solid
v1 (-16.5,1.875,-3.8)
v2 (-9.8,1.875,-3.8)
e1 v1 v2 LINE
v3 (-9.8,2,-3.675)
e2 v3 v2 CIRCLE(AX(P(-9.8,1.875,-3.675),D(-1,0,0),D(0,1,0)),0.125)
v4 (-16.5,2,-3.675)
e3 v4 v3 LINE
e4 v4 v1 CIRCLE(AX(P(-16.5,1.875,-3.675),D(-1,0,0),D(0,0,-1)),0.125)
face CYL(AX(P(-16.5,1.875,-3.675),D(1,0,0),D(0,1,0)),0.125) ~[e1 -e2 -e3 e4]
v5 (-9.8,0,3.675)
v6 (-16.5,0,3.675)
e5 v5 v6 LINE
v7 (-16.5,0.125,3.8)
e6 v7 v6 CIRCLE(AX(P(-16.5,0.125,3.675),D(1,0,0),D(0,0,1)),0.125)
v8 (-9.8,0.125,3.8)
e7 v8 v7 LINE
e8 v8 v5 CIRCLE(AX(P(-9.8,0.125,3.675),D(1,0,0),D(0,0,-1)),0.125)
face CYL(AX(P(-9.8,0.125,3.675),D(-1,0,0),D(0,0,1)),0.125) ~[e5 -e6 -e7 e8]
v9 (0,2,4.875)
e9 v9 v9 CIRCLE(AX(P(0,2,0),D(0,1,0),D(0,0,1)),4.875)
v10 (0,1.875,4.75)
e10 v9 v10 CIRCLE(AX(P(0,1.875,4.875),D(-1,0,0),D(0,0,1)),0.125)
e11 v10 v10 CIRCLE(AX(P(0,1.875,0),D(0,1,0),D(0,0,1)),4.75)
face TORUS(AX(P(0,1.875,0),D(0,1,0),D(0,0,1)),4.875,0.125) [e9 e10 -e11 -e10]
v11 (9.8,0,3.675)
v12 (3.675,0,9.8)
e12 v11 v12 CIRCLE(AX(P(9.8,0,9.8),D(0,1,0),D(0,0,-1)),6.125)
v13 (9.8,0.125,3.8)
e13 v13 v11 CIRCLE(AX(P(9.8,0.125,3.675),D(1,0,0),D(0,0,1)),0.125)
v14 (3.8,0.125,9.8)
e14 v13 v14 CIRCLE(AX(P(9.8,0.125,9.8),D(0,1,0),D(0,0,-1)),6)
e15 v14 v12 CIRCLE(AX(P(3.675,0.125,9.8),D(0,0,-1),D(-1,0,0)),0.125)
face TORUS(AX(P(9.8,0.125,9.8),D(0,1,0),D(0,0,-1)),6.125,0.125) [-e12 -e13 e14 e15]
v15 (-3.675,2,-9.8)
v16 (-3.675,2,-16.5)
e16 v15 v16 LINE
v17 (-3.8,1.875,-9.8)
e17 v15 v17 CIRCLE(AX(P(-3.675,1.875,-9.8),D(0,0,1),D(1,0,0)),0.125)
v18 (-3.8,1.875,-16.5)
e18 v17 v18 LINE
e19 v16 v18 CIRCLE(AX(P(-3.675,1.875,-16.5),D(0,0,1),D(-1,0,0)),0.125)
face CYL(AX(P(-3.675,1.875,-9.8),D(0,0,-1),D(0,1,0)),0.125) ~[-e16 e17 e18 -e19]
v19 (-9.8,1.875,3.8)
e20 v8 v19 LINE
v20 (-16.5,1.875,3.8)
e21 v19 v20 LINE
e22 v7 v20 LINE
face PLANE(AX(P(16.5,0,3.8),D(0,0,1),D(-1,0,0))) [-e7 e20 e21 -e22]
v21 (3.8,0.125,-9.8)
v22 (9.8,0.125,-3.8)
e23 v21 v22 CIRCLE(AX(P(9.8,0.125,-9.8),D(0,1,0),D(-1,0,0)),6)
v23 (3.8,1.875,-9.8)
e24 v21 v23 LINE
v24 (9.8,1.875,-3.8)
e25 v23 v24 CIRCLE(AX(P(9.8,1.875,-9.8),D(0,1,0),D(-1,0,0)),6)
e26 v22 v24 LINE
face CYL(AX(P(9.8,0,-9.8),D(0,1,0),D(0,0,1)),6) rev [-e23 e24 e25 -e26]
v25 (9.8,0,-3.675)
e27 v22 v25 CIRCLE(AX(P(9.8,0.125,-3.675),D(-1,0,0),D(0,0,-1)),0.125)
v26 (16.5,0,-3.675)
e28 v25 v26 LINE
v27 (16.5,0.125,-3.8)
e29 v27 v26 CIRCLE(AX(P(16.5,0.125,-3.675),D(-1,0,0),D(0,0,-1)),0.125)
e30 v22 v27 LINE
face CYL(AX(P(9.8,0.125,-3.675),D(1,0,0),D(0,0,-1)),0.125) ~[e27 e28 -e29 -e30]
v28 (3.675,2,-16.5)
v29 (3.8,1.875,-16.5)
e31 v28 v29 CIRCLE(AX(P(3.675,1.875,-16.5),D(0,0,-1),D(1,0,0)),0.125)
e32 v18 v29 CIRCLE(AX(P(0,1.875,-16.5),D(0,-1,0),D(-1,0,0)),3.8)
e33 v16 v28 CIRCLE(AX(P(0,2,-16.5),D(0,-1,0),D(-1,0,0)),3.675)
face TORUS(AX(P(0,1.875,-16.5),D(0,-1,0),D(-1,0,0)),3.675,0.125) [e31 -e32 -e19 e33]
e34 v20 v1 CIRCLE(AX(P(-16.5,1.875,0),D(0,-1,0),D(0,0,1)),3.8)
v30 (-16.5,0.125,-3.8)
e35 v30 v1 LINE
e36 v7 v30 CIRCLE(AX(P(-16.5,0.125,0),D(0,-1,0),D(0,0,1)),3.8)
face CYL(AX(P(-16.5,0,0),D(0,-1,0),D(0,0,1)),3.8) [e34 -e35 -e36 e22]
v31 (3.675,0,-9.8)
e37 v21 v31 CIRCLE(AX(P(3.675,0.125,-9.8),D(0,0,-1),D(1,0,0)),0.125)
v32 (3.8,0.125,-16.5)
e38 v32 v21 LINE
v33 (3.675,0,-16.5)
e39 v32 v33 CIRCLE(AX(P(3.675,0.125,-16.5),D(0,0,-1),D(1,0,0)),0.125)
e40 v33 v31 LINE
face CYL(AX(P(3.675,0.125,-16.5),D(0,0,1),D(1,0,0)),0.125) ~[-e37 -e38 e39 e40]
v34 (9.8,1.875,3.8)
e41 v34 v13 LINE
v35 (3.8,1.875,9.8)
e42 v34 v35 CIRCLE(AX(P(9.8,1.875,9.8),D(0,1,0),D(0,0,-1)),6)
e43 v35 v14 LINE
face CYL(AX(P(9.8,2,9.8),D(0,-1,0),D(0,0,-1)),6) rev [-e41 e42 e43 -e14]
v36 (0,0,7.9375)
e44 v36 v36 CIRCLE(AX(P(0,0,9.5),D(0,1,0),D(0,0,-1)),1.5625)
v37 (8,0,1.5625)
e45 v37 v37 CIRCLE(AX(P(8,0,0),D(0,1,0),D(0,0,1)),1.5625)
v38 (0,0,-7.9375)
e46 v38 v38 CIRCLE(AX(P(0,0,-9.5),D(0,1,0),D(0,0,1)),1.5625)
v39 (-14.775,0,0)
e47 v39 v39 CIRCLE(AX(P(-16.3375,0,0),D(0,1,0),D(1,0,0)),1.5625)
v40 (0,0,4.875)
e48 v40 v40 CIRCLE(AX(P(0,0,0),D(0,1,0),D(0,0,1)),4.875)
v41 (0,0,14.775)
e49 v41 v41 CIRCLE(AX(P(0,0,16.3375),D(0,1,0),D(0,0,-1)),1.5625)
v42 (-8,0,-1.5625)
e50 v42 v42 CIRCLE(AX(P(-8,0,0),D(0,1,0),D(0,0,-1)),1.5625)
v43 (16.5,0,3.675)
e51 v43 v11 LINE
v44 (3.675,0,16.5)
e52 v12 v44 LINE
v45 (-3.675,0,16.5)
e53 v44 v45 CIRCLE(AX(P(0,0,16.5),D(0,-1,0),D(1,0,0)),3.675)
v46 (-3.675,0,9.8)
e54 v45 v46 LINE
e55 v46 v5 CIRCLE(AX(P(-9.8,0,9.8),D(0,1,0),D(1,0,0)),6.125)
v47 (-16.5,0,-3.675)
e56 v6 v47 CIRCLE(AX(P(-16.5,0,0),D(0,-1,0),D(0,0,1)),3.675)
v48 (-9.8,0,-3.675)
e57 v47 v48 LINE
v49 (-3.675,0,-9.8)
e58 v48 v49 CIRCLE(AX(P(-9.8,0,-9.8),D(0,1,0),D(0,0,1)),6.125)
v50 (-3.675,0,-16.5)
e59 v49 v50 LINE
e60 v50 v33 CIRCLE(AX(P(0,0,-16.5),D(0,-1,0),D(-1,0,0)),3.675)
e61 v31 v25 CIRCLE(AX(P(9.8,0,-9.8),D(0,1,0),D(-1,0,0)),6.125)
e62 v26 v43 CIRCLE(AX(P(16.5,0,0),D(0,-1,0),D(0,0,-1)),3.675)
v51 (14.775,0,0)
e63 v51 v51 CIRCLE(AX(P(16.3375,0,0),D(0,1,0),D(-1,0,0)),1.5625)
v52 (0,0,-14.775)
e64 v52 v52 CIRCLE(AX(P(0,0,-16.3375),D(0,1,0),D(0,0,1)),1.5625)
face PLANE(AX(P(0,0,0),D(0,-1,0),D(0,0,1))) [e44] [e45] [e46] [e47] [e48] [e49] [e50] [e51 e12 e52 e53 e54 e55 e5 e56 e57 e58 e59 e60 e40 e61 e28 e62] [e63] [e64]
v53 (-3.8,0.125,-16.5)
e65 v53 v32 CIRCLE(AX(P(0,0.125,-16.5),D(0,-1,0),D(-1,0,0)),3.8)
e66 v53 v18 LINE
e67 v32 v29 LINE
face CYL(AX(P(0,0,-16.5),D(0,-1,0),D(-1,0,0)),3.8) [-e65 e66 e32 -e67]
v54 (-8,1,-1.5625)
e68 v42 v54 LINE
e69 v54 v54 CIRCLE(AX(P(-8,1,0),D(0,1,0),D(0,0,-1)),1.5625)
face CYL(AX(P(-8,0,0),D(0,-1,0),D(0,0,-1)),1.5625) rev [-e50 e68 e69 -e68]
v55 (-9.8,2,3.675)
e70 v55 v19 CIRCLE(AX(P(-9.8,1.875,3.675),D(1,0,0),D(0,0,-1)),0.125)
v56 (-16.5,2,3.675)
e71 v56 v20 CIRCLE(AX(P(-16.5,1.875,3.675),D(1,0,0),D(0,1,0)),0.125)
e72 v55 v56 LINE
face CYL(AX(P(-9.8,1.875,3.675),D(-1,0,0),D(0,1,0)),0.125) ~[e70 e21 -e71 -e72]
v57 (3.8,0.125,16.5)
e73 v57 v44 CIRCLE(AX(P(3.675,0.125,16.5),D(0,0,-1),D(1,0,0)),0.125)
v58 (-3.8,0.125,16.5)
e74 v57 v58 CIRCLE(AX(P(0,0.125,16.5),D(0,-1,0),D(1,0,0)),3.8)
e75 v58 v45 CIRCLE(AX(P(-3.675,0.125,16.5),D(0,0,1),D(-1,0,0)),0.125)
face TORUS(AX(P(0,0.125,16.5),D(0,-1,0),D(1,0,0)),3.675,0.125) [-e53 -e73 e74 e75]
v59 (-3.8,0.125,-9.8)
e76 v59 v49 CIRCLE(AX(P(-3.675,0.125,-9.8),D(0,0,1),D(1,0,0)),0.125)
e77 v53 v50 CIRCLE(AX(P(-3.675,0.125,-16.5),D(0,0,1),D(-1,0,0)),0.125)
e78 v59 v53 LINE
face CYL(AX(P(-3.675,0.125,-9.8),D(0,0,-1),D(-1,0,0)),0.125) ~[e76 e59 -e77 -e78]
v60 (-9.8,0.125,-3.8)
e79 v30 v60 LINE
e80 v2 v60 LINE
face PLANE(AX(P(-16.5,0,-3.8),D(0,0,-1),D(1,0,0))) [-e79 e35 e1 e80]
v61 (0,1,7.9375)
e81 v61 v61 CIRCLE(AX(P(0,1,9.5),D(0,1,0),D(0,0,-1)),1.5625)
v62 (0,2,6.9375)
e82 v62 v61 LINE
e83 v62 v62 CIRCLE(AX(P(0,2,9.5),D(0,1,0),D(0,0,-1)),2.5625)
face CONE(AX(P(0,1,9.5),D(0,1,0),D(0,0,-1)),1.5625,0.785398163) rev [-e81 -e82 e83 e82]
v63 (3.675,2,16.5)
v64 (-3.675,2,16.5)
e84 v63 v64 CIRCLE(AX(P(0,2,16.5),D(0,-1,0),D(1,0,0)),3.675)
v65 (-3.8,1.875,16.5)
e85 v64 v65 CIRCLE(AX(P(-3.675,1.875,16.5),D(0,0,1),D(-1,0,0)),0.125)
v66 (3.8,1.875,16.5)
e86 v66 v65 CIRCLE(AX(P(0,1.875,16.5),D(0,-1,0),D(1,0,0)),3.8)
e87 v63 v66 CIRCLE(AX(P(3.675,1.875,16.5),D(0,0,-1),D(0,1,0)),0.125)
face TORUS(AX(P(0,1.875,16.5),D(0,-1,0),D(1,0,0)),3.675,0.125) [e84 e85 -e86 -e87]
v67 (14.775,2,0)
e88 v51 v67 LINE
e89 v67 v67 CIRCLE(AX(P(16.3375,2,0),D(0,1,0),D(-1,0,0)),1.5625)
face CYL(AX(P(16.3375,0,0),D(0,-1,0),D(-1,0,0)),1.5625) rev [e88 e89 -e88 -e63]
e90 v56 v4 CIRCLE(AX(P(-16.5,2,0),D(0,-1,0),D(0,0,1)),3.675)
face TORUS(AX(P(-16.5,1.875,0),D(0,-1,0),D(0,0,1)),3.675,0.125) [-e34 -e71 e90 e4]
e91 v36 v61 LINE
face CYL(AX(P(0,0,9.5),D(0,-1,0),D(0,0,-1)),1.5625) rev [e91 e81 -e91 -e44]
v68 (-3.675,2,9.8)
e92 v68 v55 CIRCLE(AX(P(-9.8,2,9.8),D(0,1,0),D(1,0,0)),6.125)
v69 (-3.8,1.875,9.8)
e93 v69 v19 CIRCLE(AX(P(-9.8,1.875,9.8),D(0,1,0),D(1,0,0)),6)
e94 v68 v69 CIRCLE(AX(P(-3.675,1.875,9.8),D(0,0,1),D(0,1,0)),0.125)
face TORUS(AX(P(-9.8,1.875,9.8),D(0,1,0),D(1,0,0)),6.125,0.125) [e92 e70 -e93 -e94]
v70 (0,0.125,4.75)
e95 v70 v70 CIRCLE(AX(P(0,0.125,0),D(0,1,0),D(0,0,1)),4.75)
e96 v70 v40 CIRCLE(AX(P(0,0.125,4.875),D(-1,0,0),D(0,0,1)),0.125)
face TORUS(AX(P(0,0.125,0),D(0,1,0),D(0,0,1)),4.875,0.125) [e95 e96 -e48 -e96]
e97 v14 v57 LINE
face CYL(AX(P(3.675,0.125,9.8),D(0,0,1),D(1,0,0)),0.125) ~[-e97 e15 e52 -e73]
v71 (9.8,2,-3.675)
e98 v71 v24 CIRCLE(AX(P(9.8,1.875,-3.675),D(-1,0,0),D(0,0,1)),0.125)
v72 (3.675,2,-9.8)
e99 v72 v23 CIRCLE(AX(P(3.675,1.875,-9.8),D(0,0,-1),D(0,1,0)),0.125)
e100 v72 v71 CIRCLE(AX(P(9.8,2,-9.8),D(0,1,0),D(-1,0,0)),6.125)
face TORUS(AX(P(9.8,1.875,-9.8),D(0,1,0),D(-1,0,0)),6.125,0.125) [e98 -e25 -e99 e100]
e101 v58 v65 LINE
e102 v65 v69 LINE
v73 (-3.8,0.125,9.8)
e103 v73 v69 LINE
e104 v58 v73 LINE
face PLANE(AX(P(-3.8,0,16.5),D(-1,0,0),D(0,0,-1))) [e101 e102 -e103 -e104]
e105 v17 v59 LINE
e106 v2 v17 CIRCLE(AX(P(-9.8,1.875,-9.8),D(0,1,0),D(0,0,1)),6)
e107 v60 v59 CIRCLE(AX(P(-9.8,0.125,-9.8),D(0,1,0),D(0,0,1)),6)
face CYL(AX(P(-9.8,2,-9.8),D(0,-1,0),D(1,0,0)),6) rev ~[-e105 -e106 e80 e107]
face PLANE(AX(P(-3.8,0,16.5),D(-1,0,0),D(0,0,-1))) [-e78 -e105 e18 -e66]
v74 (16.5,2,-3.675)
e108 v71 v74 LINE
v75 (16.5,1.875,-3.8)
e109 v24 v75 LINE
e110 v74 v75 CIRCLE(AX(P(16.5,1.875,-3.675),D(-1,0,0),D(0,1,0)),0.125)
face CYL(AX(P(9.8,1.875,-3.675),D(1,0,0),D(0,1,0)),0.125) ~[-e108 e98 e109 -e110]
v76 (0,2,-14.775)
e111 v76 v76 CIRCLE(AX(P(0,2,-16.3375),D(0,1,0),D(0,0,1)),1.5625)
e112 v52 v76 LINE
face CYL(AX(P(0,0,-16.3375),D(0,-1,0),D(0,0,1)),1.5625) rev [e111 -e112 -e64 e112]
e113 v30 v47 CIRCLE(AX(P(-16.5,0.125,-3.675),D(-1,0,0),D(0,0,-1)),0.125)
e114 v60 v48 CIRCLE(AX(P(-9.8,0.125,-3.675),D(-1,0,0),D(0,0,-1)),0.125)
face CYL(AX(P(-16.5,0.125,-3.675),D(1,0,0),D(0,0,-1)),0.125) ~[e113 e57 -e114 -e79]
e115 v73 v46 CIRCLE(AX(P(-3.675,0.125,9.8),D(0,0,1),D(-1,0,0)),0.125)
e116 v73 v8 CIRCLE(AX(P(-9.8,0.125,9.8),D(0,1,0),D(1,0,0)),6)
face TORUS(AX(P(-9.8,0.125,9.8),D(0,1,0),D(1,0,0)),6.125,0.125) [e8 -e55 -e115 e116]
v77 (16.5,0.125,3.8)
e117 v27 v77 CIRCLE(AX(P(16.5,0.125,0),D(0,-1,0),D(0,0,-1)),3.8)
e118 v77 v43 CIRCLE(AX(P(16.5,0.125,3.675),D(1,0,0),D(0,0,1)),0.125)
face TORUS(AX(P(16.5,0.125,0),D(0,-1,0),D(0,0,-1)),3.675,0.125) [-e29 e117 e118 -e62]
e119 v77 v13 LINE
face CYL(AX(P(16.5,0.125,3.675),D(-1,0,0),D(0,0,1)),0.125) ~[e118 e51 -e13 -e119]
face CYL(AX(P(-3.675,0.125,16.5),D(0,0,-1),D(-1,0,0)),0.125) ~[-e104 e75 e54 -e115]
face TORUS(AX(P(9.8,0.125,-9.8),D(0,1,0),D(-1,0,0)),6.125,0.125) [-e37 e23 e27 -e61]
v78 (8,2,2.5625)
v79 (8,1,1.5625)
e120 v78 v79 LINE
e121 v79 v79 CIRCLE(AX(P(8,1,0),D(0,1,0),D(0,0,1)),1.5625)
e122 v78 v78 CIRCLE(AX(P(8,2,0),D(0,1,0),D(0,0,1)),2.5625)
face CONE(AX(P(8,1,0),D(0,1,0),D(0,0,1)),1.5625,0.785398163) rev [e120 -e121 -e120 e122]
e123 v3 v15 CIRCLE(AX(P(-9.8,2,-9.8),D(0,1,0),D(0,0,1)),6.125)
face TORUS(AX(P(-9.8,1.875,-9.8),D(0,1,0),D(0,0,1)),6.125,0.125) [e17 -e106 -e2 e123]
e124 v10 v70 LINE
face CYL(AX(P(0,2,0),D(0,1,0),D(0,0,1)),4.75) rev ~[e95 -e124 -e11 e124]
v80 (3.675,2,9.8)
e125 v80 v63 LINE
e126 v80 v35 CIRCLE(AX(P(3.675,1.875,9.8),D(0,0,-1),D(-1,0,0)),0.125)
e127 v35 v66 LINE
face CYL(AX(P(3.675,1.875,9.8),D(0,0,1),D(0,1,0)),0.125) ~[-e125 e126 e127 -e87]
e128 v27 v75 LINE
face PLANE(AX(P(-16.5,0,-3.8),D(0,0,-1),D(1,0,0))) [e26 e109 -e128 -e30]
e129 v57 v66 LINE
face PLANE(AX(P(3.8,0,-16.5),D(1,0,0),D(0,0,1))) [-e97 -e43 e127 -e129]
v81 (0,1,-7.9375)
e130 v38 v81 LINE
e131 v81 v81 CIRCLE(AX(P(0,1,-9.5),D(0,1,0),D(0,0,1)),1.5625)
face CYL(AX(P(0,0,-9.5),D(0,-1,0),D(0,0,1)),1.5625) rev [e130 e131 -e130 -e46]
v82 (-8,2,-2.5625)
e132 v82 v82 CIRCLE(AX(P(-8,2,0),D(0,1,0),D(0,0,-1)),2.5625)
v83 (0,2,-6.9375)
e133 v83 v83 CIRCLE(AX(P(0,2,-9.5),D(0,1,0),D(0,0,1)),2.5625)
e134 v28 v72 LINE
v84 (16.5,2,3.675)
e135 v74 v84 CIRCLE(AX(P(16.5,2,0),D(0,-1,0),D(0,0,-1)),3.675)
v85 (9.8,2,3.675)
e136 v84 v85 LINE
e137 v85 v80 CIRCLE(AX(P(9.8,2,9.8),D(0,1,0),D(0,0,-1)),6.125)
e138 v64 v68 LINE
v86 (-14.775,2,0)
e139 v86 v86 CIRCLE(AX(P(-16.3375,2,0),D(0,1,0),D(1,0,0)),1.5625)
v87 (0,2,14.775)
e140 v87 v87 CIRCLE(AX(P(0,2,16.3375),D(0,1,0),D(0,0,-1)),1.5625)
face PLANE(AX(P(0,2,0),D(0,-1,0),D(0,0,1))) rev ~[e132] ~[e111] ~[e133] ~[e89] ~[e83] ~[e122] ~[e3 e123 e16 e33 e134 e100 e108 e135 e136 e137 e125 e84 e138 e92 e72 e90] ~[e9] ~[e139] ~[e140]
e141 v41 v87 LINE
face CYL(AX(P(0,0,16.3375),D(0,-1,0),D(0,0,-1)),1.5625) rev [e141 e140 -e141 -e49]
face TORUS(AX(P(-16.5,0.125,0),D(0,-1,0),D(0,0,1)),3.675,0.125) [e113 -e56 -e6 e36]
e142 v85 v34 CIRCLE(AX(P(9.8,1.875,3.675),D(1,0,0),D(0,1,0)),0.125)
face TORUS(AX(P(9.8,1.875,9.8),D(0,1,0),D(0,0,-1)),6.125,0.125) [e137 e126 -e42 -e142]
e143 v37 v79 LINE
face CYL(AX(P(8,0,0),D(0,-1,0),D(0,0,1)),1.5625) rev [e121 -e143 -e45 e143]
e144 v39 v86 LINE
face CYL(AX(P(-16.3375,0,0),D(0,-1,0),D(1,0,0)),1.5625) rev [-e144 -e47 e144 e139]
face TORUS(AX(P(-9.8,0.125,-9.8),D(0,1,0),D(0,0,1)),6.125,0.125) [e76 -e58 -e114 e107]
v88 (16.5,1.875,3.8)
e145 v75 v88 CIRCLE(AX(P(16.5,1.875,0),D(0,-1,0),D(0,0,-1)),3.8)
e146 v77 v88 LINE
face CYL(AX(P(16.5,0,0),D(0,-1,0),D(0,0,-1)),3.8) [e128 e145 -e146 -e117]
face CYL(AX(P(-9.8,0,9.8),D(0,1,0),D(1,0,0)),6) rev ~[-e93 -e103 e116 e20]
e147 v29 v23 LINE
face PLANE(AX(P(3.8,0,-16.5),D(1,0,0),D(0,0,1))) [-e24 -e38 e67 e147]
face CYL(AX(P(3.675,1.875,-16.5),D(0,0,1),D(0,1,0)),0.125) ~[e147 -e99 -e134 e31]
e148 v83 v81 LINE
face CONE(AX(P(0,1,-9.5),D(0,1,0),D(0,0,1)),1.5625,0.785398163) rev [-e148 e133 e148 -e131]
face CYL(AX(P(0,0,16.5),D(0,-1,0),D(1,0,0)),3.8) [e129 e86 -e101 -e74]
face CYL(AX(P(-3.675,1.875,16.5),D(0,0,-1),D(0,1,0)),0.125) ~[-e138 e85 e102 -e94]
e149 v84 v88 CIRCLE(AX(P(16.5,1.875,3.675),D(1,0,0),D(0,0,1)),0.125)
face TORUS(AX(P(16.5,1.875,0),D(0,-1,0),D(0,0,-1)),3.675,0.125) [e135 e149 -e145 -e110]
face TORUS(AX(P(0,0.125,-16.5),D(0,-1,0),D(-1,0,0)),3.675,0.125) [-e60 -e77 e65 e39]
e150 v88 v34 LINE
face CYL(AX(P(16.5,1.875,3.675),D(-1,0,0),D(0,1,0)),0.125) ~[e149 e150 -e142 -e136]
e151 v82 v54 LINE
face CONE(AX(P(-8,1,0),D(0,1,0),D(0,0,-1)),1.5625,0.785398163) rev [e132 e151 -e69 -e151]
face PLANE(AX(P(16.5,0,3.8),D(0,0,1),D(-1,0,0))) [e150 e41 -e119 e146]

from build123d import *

# Parameters (mm, degrees)
SKETCH1_R             = 1.5625
BOSS_EXTRUDE1_DEPTH   = 2
CIRPATTERN1_COUNT     = 2
CIRPATTERN1_ANGLE     = 90
SKETCH2_R             = 1.5625
CUT_EXTRUDE1_DEPTH    = 2
CHAMFER1_SIZE         = 1
REDONDEO1_R           = 6
CROQUIS1_R            = 4.75
CORTAR_EXTRUIR1_DEPTH = 10
FILLET1_R             = 0.125


with BuildPart() as part:
    # Sketch1 → Boss-Extrude1 (new body)
    with BuildSketch(Plane(origin=(0, 0, 0), x_dir=(1, 0, 0), z_dir=(0, 1, 0))):
        with BuildLine():
            Line((-3.8, -16.5), (-3.8, 16.5))
            ThreePointArc((-3.8, 16.5), (0, 20.3), (3.8, 16.5))
            Line((3.8, 16.5), (3.8, -16.5))
            ThreePointArc((3.8, -16.5), (0, -20.3), (-3.8, -16.5))
        make_face()
        with Locations(Location((0, 16.3375, 0), (0, 0, 270))):
            Circle(SKETCH1_R, mode=Mode.SUBTRACT)
        with Locations(Location((0, -16.3375, 0), (0, 0, 90))):
            Circle(SKETCH1_R, mode=Mode.SUBTRACT)
    boss_extrude1 = extrude(amount=BOSS_EXTRUDE1_DEPTH)

    # CirPattern1: Boss-Extrude1 ×2 about axis
    cirpattern1_axis = Axis((0, 0, 0), (0, 1, 0))
    for i in range(1, CIRPATTERN1_COUNT):
        add(boss_extrude1.rotate(cirpattern1_axis, i * CIRPATTERN1_ANGLE / (CIRPATTERN1_COUNT - 1)))

    # Sketch2 → Cut-Extrude1 (cut)
    with BuildSketch(Plane(origin=(0, 0, 0), x_dir=(1, 0, 0), z_dir=(0, 1, 0))):
        with Locations(Location((0, 9.5, 0), (0, 0, 270))):
            Circle(SKETCH2_R)
        with Locations(Location((8, 0, 0), (0, 0, 270))):
            Circle(SKETCH2_R)
        with Locations(Location((0, -9.5, 0), (0, 0, 90))):
            Circle(SKETCH2_R)
        with Locations(Location((-8, 0, 0), (0, 0, 90))):
            Circle(SKETCH2_R)
    extrude(amount=CUT_EXTRUDE1_DEPTH, mode=Mode.SUBTRACT)

    # Chamfer1
    chamfer1_edges = [part.edges().sort_by_distance(p)[0] for p in [
        (0, 2, -11.0625),
        (8, 2, -1.5625),
        (0, 2, 11.0625),
        (-8, 2, 1.5625),
    ]]
    chamfer(chamfer1_edges, length=CHAMFER1_SIZE)

    # Redondeo1
    redondeo1_edges = [part.edges().sort_by_distance(p)[0] for p in [
        (-3.8, 1, 3.8),
        (-3.8, 1, -3.8),
        (3.8, 1, -3.8),
        (3.8, 1, 3.8),
    ]]
    fillet(redondeo1_edges, radius=REDONDEO1_R)

    # Croquis1 → Cortar-Extruir1 (cut)
    with BuildSketch(Plane(origin=(0, 2, 0), x_dir=(1, 0, 0), z_dir=(0, 1, 0))):
        with Locations(Location((0, 0, 0), (0, 0, 270))):
            Circle(CROQUIS1_R)
    extrude(amount=-CORTAR_EXTRUIR1_DEPTH, mode=Mode.SUBTRACT)

    # Fillet1
    fillet1_edges = [part.edges().sort_by_distance(p)[0] for p in [
        (0, 2, -20.3),
        (0, 0, -4.75),
        (0, 2, -4.75),
        (-3.8, 2, -13.15),
        (20.3, 2, 0),
        (13.15, 2, -3.8),
        (-20.3, 2, 0),
        (-13.15, 2, 3.8),
        (13.15, 0, -3.8),
        (-13.15, 0, 3.8),
        (20.3, 0, 0),
        (-20.3, 0, 0),
        (0, 2, 20.3),
        (-3.8, 0, -13.15),
        (0, 0, -20.3),
        (3.8, 0, 13.15),
        (0, 0, 20.3),
        (3.8, 2, 13.15),
        (-13.15, 2, -3.8),
        (-13.15, 0, -3.8),
        (-3.8, 0, 13.15),
        (-3.8, 2, 13.15),
        (13.15, 2, 3.8),
        (13.15, 0, 3.8),
        (3.8, 0, -13.15),
        (3.8, 2, -13.15),
        (-5.557359313, 0, -5.557359313),
        (-5.557359313, 2, -5.557359313),
        (-5.557359313, 2, 5.557359313),
        (-5.557359313, 0, 5.557359313),
        (5.557359313, 0, 5.557359313),
        (5.557359313, 2, 5.557359313),
        (5.557359313, 2, -5.557359313),
        (5.557359313, 0, -5.557359313),
    ]]
    fillet(fillet1_edges, radius=FILLET1_R)


solid = part.part
